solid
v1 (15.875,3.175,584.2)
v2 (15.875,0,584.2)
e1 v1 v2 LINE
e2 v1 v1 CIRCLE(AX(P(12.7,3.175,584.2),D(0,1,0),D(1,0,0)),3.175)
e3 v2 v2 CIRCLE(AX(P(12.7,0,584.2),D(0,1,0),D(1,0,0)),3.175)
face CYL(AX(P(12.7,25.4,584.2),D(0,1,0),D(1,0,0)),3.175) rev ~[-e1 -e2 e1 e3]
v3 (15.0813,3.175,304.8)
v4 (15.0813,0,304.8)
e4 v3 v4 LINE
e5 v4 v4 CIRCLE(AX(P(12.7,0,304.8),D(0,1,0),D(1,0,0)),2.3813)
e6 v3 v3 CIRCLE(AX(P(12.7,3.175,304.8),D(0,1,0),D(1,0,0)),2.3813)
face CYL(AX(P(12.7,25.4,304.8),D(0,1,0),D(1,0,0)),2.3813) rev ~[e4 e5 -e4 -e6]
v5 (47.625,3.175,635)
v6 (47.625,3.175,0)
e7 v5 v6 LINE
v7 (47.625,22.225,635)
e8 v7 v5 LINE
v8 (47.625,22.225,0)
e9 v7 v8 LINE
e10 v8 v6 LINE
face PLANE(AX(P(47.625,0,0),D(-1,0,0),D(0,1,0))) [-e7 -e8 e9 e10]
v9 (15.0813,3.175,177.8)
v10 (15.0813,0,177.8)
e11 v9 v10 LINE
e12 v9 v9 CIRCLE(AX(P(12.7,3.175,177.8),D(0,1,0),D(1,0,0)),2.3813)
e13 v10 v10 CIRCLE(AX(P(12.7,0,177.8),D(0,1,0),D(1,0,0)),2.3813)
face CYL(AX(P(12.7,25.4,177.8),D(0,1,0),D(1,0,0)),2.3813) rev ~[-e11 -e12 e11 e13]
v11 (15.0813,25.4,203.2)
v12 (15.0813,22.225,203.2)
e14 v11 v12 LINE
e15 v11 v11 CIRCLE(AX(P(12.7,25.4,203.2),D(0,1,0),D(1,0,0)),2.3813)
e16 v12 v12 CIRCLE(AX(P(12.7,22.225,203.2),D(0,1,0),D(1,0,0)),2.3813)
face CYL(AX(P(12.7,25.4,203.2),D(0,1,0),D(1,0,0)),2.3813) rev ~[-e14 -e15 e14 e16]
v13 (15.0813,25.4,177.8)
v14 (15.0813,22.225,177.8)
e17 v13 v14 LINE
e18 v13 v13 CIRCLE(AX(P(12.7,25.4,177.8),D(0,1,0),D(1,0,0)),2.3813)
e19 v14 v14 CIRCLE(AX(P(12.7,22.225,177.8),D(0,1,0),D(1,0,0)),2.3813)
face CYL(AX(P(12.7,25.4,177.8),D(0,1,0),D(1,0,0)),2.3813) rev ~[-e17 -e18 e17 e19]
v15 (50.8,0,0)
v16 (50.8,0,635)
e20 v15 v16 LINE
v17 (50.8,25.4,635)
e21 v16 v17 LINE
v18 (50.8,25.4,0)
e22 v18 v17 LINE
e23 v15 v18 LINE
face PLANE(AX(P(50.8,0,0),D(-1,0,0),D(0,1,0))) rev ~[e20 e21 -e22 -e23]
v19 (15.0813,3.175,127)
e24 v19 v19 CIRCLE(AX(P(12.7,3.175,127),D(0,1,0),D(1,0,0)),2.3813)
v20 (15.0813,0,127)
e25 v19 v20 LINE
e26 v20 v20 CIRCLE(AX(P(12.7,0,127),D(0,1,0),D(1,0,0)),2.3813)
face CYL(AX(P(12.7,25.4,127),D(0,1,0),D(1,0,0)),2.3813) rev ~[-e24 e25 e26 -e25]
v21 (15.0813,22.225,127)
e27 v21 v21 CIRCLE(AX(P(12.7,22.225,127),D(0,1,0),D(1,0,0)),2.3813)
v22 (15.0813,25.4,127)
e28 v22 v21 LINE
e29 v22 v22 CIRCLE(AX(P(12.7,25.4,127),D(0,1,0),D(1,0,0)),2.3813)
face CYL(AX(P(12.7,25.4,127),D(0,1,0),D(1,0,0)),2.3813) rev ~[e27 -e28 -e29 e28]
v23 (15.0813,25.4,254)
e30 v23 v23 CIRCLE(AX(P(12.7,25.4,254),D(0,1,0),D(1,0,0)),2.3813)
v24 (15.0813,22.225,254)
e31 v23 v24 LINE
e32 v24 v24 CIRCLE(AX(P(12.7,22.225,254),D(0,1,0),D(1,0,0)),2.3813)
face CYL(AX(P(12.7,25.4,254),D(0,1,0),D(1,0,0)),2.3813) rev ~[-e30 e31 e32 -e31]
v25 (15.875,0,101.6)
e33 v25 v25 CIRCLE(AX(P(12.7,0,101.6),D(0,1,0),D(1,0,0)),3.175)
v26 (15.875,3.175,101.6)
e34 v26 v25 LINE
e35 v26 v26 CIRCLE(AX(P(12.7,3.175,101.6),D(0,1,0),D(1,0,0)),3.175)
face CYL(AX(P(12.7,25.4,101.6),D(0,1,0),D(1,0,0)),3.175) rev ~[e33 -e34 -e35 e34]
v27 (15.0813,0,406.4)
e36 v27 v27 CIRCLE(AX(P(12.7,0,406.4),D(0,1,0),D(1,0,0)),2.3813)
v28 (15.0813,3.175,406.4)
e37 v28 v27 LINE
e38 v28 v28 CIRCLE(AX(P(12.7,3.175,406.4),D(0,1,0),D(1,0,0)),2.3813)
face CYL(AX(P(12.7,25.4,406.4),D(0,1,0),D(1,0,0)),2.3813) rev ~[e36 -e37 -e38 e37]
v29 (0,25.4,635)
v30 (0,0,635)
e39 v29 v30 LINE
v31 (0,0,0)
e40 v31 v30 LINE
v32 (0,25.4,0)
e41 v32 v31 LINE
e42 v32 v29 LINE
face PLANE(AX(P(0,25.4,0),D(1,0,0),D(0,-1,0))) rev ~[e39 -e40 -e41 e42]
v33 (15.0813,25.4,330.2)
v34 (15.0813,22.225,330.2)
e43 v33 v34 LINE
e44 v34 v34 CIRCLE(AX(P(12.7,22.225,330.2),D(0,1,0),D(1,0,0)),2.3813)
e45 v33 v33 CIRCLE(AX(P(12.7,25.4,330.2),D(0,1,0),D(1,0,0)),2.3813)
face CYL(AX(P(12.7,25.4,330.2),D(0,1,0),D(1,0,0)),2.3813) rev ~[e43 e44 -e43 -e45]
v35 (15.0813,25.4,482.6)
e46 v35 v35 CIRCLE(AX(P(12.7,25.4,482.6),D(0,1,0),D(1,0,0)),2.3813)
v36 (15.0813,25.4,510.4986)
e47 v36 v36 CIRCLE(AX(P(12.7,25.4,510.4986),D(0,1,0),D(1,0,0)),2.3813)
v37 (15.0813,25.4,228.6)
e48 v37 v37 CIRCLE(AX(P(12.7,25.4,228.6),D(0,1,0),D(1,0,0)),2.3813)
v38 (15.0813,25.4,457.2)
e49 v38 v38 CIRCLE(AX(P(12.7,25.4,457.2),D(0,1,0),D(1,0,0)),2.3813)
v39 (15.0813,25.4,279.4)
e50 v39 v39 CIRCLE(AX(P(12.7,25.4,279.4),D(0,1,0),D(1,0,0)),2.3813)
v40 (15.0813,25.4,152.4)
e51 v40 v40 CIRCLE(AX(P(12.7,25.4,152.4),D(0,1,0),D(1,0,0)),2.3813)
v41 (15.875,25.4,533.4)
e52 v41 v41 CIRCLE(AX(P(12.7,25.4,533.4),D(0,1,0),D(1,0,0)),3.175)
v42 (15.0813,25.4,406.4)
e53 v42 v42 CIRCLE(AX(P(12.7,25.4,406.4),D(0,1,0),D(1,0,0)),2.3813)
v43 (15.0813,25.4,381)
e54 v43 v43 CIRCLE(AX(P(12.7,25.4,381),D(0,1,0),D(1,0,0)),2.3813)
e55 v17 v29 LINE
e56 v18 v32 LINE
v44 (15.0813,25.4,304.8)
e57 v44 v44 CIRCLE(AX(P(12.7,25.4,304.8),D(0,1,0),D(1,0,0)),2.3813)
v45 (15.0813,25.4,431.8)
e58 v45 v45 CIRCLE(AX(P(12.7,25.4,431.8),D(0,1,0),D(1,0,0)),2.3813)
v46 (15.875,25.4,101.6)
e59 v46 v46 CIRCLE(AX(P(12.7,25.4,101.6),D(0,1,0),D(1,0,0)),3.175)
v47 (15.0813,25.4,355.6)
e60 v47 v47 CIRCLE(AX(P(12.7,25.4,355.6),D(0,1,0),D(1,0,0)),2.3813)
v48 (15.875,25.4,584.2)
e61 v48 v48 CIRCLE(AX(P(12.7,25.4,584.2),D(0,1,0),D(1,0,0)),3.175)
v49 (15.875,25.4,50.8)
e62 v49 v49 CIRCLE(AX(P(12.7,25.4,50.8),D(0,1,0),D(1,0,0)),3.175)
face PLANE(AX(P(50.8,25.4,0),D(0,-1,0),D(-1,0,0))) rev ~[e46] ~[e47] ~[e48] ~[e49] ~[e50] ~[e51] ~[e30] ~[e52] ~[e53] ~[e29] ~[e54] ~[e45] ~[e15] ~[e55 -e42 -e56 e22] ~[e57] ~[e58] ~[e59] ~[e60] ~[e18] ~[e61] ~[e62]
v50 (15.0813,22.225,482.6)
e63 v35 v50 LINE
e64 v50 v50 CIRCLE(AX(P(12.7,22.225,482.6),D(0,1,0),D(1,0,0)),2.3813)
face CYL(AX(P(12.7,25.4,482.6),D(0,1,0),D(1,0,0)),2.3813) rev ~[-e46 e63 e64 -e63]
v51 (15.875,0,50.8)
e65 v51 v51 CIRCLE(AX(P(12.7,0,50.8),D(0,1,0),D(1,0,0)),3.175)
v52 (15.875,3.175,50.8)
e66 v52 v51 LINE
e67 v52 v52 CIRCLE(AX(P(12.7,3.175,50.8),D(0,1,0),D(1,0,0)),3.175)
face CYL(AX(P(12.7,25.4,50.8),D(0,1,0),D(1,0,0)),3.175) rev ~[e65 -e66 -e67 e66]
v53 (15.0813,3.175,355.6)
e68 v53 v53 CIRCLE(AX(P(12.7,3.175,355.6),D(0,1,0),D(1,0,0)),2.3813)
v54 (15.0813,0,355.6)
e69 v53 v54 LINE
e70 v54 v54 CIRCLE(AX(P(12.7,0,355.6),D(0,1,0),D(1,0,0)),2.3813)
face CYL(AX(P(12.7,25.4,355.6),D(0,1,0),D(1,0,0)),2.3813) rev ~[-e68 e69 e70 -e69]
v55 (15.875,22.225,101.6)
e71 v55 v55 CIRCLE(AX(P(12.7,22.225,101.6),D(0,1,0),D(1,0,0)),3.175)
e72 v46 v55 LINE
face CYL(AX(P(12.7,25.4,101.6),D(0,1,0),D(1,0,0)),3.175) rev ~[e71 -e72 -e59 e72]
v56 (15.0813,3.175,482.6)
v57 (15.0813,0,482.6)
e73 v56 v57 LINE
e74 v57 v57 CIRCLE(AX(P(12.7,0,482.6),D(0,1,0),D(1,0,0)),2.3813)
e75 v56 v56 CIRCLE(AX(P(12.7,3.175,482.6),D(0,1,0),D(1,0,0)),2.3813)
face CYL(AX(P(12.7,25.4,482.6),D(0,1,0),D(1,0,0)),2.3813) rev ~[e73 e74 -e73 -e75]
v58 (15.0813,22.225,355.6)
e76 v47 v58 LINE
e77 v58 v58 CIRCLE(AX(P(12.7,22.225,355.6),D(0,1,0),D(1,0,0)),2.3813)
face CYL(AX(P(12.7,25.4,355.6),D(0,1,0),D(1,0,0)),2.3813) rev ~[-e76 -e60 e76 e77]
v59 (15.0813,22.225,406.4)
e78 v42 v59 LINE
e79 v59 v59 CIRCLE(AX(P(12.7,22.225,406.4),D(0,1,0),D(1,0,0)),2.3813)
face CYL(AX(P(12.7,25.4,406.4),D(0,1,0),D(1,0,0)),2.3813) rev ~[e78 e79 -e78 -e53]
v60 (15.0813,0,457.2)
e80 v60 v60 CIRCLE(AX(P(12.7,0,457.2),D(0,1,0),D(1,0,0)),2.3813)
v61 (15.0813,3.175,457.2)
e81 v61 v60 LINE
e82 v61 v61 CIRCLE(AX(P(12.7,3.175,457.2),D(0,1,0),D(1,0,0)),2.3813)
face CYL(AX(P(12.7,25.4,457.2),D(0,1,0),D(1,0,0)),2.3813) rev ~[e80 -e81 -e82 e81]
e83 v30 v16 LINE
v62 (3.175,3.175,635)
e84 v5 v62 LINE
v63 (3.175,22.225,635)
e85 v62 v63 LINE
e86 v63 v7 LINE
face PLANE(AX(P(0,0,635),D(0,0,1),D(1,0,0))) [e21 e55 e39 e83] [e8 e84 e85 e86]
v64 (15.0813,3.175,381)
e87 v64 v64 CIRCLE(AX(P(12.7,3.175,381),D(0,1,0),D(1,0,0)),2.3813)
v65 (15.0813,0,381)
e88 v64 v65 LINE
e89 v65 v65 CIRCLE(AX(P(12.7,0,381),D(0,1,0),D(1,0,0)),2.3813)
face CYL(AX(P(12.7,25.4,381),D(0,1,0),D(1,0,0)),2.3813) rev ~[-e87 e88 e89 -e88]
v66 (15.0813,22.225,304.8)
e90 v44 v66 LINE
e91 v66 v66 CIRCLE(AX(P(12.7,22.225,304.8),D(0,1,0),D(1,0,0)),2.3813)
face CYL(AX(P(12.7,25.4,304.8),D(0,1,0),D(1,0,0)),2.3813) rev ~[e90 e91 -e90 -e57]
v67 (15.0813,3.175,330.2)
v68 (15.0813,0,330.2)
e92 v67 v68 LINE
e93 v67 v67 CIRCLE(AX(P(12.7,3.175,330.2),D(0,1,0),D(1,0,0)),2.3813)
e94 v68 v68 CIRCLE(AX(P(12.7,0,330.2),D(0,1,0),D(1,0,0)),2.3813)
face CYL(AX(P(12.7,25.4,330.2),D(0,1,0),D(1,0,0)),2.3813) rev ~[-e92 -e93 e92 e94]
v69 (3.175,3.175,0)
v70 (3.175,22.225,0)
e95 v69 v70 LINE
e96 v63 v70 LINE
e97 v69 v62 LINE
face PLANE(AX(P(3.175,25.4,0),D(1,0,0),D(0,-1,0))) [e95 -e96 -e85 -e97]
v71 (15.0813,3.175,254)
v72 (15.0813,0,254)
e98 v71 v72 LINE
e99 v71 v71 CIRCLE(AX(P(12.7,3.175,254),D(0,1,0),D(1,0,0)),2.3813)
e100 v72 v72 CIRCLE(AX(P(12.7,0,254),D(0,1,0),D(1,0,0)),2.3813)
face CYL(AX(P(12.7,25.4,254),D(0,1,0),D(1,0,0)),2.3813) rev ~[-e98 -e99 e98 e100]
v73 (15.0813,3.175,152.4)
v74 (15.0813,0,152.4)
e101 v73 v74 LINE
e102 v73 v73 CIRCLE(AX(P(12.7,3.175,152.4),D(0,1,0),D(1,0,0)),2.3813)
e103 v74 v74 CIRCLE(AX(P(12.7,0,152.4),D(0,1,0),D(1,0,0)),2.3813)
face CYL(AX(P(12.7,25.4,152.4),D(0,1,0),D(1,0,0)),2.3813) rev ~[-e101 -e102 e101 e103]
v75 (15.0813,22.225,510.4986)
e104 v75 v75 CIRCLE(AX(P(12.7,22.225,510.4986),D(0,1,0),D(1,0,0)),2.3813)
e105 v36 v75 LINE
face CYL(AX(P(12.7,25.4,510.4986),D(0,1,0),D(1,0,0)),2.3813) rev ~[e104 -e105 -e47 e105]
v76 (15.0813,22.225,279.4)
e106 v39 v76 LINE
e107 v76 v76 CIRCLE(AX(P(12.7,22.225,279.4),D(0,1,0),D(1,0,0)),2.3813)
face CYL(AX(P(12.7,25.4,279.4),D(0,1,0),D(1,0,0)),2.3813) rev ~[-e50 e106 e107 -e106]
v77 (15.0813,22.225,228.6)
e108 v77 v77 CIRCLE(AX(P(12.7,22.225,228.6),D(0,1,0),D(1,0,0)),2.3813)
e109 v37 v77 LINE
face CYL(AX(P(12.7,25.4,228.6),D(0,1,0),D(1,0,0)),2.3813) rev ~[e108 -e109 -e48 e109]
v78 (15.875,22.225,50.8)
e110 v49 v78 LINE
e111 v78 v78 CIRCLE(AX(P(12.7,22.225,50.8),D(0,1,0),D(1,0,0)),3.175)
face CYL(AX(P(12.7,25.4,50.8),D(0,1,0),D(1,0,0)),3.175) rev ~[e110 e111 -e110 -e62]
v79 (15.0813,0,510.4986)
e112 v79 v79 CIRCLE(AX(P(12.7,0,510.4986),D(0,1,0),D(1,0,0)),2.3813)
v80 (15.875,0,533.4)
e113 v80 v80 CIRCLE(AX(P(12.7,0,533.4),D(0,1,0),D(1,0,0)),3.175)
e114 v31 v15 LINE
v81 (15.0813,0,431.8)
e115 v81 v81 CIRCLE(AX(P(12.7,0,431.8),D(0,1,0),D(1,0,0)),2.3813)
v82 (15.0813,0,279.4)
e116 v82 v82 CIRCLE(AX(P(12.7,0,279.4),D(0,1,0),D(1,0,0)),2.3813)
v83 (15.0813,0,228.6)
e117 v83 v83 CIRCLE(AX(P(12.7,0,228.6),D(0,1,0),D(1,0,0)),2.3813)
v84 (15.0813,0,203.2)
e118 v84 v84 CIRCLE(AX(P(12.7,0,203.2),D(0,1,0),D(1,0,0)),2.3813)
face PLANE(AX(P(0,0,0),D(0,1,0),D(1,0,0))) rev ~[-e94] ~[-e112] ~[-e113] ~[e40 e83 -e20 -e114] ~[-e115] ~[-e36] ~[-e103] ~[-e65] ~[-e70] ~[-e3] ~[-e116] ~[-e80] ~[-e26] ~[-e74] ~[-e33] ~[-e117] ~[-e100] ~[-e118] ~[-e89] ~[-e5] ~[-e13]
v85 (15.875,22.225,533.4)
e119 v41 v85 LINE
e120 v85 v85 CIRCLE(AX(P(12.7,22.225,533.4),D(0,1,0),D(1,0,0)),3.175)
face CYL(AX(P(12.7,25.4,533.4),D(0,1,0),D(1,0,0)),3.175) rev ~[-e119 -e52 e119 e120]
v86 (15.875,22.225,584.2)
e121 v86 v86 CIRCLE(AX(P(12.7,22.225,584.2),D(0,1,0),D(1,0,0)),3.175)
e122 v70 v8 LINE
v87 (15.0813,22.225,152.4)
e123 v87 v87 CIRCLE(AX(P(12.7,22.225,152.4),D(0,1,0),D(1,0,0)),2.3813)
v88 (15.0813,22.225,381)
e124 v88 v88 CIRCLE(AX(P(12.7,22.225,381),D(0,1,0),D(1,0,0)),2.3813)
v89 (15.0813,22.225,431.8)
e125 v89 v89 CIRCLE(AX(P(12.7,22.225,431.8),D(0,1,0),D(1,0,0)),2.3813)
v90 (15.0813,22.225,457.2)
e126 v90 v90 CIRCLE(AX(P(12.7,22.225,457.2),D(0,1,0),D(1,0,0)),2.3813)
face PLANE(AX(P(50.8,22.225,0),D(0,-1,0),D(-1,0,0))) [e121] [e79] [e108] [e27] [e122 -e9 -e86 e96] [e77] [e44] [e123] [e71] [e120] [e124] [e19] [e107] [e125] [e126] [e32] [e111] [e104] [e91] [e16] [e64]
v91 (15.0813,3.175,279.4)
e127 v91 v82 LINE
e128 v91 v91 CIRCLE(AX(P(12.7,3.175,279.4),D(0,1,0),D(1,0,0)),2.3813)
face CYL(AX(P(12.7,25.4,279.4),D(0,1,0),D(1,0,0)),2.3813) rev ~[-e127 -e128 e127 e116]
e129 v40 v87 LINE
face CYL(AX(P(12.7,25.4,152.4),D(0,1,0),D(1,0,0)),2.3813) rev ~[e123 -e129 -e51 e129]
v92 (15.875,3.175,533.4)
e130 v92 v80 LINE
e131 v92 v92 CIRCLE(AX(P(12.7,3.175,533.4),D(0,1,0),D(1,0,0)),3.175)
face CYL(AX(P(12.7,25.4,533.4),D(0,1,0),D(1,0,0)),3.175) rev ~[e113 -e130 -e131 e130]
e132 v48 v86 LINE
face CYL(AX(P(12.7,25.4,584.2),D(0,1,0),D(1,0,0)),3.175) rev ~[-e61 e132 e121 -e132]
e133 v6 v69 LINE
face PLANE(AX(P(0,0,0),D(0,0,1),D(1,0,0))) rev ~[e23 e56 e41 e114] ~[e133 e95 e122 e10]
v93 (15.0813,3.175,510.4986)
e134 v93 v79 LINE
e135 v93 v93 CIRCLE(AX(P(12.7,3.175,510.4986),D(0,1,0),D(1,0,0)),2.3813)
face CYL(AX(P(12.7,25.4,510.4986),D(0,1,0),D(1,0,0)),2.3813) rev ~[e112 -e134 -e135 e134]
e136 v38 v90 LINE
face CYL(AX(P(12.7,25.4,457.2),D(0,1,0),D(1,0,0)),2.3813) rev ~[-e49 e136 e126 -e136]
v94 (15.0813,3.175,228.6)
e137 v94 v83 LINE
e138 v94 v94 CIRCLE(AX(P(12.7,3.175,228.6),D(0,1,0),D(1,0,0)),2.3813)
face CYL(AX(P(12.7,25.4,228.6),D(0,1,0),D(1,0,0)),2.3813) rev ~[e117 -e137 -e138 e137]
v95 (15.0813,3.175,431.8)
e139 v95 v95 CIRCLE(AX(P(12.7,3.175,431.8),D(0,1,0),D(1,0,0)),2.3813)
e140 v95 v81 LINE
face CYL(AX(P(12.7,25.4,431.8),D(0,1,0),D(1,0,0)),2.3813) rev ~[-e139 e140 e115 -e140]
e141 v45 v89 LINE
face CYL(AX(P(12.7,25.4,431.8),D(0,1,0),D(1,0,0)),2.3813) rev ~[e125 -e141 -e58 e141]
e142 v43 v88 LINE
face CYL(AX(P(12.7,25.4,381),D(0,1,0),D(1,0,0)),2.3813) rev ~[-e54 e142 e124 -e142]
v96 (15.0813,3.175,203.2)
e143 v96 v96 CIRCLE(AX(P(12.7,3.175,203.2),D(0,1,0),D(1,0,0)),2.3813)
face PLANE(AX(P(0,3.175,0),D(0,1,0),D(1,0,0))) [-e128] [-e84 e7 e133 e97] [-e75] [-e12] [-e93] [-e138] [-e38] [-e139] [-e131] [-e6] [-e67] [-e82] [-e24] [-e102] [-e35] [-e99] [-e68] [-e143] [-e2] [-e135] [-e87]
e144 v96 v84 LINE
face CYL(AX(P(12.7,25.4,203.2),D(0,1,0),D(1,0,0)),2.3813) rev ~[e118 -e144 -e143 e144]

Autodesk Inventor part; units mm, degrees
ref_plane "YZ Plane" through (0, 0, 0) normal (1, 0, 0) x (0, 1, 0)
ref_plane "XZ Plane" through (0, 0, 0) normal (0, 1, 0) x (-1, 0, 0)
ref_plane "XY Plane" through (0, 0, 0) normal (0, 0, 1) x (1, 0, 0)
sketch "Sketch1" plane through (0, 0, 0) normal (0, 0, 1) x (1, 0, 0)
  line L0 (0, 0) -> (50.8, 0)
  line L1 (50.8, 0) -> (50.8, 25.4)
  line L2 (50.8, 25.4) -> (0, 25.4)
  line L3 (0, 25.4) -> (0, 0)
  dimension "d0" = 25.4
  dimension "d1" = 50.8
extrude "Extrusion1" add sketch "Sketch1" along normal blind 635
shell "Shell1" thickness 3.175 removed faces 2 at (16.9333, 16.9333, 0) at (33.8667, 8.4667, 635)
sketch "Sketch2" plane through (0, 25.4, 0) normal (0, 1, 0) x (1, 0, 0)
  line L0 (0, -635) -> (50.8, -635) projected
  line L1 (50.8, 0) -> (0, 0) projected
  line L2 (0, 0) -> (0, -635) projected
  line L3 (12.7, 0) -> (12.7, -50.8) construction
  line L4 (12.7, -50.8) -> (12.7, -101.6) construction
  line L5 (12.7, -101.6) -> (12.7, -533.4) construction
  line L6 (12.7, -533.4) -> (12.7, -584.2) construction
  line L7 (12.7, -584.2) -> (12.7, -635) construction
  circle A0 centre (12.7, -50.8) radius 3.175
  circle A1 centre (12.7, -101.6) radius 3.175
  circle A2 centre (12.7, -533.4) radius 3.175
  circle A3 centre (12.7, -584.2) radius 3.175
  dimension "d4" = 12.7
  dimension "d5" = 50.8
  dimension "d6" = 50.8
  dimension "d7" = 6.35
  dimension "d8" = 6.35
  dimension "d9" = 6.35
  dimension "d10" = 6.35
extrude "Extrusion2" cut sketch "Sketch2" against normal through all
sketch "Sketch3" plane through (0, 25.4, 0) normal (0, 1, 0) x (1, 0, 0)
  line L0 (50.8, 0) -> (0, 0) projected
  line L1 (0, 0) -> (0, -635) projected
  line L2 (12.7, 0) -> (12.7, -127) construction
  line L3 (12.7, -127) -> (12.7, -152.4) construction
  line L4 (12.7, -152.4) -> (12.7, -177.8) construction
  line L5 (12.7, -177.8) -> (12.7, -203.2) construction
  line L6 (12.7, -203.2) -> (12.7, -228.6) construction
  line L7 (12.7, -228.6) -> (12.7, -254) construction
  line L8 (12.7, -254) -> (12.7, -279.4) construction
  line L9 (12.7, -279.4) -> (12.7, -304.8) construction
  line L10 (12.7, -304.8) -> (12.7, -330.2) construction
  line L11 (12.7, -330.2) -> (12.7, -355.6) construction
  line L12 (12.7, -355.6) -> (12.7, -381) construction
  line L13 (12.7, -381) -> (12.7, -406.4) construction
  line L14 (12.7, -406.4) -> (12.7, -431.8) construction
  line L15 (12.7, -431.8) -> (12.7, -457.2) construction
  line L16 (12.7, -457.2) -> (12.7, -482.6) construction
  circle A0 centre (12.7, -457.2) radius 2.3813
  circle A1 centre (12.7, -431.8) radius 2.3813
  circle A2 centre (12.7, -406.4) radius 2.3813
  circle A3 centre (12.7, -381) radius 2.3813
  circle A4 centre (12.7, -355.6) radius 2.3813
  circle A5 centre (12.7, -330.2) radius 2.3813
  circle A6 centre (12.7, -304.8) radius 2.3813
  circle A7 centre (12.7, -279.4) radius 2.3813
  circle A8 centre (12.7, -254) radius 2.3813
  circle A9 centre (12.7, -228.6) radius 2.3813
  circle A10 centre (12.7, -203.2) radius 2.3813
  circle A11 centre (12.7, -177.8) radius 2.3813
  circle A12 centre (12.7, -152.4) radius 2.3813
  circle A13 centre (12.7, -127) radius 2.3813
  line L17 (12.7, -482.6) -> (12.7, -508) construction
  circle A14 centre (12.7, -482.6) radius 2.3813
  circle A15 centre (12.7, -510.4986) radius 2.3813
  dimension "d14" = 12.7
  dimension "d15" = 25.4
  dimension "d16" = 127
  dimension "d17" = 4.7625
extrude "Extrusion3" cut sketch "Sketch3" against normal through all
properties part number "Frame_SideRail_Inner_2x1" material "Aluminum-6061"
